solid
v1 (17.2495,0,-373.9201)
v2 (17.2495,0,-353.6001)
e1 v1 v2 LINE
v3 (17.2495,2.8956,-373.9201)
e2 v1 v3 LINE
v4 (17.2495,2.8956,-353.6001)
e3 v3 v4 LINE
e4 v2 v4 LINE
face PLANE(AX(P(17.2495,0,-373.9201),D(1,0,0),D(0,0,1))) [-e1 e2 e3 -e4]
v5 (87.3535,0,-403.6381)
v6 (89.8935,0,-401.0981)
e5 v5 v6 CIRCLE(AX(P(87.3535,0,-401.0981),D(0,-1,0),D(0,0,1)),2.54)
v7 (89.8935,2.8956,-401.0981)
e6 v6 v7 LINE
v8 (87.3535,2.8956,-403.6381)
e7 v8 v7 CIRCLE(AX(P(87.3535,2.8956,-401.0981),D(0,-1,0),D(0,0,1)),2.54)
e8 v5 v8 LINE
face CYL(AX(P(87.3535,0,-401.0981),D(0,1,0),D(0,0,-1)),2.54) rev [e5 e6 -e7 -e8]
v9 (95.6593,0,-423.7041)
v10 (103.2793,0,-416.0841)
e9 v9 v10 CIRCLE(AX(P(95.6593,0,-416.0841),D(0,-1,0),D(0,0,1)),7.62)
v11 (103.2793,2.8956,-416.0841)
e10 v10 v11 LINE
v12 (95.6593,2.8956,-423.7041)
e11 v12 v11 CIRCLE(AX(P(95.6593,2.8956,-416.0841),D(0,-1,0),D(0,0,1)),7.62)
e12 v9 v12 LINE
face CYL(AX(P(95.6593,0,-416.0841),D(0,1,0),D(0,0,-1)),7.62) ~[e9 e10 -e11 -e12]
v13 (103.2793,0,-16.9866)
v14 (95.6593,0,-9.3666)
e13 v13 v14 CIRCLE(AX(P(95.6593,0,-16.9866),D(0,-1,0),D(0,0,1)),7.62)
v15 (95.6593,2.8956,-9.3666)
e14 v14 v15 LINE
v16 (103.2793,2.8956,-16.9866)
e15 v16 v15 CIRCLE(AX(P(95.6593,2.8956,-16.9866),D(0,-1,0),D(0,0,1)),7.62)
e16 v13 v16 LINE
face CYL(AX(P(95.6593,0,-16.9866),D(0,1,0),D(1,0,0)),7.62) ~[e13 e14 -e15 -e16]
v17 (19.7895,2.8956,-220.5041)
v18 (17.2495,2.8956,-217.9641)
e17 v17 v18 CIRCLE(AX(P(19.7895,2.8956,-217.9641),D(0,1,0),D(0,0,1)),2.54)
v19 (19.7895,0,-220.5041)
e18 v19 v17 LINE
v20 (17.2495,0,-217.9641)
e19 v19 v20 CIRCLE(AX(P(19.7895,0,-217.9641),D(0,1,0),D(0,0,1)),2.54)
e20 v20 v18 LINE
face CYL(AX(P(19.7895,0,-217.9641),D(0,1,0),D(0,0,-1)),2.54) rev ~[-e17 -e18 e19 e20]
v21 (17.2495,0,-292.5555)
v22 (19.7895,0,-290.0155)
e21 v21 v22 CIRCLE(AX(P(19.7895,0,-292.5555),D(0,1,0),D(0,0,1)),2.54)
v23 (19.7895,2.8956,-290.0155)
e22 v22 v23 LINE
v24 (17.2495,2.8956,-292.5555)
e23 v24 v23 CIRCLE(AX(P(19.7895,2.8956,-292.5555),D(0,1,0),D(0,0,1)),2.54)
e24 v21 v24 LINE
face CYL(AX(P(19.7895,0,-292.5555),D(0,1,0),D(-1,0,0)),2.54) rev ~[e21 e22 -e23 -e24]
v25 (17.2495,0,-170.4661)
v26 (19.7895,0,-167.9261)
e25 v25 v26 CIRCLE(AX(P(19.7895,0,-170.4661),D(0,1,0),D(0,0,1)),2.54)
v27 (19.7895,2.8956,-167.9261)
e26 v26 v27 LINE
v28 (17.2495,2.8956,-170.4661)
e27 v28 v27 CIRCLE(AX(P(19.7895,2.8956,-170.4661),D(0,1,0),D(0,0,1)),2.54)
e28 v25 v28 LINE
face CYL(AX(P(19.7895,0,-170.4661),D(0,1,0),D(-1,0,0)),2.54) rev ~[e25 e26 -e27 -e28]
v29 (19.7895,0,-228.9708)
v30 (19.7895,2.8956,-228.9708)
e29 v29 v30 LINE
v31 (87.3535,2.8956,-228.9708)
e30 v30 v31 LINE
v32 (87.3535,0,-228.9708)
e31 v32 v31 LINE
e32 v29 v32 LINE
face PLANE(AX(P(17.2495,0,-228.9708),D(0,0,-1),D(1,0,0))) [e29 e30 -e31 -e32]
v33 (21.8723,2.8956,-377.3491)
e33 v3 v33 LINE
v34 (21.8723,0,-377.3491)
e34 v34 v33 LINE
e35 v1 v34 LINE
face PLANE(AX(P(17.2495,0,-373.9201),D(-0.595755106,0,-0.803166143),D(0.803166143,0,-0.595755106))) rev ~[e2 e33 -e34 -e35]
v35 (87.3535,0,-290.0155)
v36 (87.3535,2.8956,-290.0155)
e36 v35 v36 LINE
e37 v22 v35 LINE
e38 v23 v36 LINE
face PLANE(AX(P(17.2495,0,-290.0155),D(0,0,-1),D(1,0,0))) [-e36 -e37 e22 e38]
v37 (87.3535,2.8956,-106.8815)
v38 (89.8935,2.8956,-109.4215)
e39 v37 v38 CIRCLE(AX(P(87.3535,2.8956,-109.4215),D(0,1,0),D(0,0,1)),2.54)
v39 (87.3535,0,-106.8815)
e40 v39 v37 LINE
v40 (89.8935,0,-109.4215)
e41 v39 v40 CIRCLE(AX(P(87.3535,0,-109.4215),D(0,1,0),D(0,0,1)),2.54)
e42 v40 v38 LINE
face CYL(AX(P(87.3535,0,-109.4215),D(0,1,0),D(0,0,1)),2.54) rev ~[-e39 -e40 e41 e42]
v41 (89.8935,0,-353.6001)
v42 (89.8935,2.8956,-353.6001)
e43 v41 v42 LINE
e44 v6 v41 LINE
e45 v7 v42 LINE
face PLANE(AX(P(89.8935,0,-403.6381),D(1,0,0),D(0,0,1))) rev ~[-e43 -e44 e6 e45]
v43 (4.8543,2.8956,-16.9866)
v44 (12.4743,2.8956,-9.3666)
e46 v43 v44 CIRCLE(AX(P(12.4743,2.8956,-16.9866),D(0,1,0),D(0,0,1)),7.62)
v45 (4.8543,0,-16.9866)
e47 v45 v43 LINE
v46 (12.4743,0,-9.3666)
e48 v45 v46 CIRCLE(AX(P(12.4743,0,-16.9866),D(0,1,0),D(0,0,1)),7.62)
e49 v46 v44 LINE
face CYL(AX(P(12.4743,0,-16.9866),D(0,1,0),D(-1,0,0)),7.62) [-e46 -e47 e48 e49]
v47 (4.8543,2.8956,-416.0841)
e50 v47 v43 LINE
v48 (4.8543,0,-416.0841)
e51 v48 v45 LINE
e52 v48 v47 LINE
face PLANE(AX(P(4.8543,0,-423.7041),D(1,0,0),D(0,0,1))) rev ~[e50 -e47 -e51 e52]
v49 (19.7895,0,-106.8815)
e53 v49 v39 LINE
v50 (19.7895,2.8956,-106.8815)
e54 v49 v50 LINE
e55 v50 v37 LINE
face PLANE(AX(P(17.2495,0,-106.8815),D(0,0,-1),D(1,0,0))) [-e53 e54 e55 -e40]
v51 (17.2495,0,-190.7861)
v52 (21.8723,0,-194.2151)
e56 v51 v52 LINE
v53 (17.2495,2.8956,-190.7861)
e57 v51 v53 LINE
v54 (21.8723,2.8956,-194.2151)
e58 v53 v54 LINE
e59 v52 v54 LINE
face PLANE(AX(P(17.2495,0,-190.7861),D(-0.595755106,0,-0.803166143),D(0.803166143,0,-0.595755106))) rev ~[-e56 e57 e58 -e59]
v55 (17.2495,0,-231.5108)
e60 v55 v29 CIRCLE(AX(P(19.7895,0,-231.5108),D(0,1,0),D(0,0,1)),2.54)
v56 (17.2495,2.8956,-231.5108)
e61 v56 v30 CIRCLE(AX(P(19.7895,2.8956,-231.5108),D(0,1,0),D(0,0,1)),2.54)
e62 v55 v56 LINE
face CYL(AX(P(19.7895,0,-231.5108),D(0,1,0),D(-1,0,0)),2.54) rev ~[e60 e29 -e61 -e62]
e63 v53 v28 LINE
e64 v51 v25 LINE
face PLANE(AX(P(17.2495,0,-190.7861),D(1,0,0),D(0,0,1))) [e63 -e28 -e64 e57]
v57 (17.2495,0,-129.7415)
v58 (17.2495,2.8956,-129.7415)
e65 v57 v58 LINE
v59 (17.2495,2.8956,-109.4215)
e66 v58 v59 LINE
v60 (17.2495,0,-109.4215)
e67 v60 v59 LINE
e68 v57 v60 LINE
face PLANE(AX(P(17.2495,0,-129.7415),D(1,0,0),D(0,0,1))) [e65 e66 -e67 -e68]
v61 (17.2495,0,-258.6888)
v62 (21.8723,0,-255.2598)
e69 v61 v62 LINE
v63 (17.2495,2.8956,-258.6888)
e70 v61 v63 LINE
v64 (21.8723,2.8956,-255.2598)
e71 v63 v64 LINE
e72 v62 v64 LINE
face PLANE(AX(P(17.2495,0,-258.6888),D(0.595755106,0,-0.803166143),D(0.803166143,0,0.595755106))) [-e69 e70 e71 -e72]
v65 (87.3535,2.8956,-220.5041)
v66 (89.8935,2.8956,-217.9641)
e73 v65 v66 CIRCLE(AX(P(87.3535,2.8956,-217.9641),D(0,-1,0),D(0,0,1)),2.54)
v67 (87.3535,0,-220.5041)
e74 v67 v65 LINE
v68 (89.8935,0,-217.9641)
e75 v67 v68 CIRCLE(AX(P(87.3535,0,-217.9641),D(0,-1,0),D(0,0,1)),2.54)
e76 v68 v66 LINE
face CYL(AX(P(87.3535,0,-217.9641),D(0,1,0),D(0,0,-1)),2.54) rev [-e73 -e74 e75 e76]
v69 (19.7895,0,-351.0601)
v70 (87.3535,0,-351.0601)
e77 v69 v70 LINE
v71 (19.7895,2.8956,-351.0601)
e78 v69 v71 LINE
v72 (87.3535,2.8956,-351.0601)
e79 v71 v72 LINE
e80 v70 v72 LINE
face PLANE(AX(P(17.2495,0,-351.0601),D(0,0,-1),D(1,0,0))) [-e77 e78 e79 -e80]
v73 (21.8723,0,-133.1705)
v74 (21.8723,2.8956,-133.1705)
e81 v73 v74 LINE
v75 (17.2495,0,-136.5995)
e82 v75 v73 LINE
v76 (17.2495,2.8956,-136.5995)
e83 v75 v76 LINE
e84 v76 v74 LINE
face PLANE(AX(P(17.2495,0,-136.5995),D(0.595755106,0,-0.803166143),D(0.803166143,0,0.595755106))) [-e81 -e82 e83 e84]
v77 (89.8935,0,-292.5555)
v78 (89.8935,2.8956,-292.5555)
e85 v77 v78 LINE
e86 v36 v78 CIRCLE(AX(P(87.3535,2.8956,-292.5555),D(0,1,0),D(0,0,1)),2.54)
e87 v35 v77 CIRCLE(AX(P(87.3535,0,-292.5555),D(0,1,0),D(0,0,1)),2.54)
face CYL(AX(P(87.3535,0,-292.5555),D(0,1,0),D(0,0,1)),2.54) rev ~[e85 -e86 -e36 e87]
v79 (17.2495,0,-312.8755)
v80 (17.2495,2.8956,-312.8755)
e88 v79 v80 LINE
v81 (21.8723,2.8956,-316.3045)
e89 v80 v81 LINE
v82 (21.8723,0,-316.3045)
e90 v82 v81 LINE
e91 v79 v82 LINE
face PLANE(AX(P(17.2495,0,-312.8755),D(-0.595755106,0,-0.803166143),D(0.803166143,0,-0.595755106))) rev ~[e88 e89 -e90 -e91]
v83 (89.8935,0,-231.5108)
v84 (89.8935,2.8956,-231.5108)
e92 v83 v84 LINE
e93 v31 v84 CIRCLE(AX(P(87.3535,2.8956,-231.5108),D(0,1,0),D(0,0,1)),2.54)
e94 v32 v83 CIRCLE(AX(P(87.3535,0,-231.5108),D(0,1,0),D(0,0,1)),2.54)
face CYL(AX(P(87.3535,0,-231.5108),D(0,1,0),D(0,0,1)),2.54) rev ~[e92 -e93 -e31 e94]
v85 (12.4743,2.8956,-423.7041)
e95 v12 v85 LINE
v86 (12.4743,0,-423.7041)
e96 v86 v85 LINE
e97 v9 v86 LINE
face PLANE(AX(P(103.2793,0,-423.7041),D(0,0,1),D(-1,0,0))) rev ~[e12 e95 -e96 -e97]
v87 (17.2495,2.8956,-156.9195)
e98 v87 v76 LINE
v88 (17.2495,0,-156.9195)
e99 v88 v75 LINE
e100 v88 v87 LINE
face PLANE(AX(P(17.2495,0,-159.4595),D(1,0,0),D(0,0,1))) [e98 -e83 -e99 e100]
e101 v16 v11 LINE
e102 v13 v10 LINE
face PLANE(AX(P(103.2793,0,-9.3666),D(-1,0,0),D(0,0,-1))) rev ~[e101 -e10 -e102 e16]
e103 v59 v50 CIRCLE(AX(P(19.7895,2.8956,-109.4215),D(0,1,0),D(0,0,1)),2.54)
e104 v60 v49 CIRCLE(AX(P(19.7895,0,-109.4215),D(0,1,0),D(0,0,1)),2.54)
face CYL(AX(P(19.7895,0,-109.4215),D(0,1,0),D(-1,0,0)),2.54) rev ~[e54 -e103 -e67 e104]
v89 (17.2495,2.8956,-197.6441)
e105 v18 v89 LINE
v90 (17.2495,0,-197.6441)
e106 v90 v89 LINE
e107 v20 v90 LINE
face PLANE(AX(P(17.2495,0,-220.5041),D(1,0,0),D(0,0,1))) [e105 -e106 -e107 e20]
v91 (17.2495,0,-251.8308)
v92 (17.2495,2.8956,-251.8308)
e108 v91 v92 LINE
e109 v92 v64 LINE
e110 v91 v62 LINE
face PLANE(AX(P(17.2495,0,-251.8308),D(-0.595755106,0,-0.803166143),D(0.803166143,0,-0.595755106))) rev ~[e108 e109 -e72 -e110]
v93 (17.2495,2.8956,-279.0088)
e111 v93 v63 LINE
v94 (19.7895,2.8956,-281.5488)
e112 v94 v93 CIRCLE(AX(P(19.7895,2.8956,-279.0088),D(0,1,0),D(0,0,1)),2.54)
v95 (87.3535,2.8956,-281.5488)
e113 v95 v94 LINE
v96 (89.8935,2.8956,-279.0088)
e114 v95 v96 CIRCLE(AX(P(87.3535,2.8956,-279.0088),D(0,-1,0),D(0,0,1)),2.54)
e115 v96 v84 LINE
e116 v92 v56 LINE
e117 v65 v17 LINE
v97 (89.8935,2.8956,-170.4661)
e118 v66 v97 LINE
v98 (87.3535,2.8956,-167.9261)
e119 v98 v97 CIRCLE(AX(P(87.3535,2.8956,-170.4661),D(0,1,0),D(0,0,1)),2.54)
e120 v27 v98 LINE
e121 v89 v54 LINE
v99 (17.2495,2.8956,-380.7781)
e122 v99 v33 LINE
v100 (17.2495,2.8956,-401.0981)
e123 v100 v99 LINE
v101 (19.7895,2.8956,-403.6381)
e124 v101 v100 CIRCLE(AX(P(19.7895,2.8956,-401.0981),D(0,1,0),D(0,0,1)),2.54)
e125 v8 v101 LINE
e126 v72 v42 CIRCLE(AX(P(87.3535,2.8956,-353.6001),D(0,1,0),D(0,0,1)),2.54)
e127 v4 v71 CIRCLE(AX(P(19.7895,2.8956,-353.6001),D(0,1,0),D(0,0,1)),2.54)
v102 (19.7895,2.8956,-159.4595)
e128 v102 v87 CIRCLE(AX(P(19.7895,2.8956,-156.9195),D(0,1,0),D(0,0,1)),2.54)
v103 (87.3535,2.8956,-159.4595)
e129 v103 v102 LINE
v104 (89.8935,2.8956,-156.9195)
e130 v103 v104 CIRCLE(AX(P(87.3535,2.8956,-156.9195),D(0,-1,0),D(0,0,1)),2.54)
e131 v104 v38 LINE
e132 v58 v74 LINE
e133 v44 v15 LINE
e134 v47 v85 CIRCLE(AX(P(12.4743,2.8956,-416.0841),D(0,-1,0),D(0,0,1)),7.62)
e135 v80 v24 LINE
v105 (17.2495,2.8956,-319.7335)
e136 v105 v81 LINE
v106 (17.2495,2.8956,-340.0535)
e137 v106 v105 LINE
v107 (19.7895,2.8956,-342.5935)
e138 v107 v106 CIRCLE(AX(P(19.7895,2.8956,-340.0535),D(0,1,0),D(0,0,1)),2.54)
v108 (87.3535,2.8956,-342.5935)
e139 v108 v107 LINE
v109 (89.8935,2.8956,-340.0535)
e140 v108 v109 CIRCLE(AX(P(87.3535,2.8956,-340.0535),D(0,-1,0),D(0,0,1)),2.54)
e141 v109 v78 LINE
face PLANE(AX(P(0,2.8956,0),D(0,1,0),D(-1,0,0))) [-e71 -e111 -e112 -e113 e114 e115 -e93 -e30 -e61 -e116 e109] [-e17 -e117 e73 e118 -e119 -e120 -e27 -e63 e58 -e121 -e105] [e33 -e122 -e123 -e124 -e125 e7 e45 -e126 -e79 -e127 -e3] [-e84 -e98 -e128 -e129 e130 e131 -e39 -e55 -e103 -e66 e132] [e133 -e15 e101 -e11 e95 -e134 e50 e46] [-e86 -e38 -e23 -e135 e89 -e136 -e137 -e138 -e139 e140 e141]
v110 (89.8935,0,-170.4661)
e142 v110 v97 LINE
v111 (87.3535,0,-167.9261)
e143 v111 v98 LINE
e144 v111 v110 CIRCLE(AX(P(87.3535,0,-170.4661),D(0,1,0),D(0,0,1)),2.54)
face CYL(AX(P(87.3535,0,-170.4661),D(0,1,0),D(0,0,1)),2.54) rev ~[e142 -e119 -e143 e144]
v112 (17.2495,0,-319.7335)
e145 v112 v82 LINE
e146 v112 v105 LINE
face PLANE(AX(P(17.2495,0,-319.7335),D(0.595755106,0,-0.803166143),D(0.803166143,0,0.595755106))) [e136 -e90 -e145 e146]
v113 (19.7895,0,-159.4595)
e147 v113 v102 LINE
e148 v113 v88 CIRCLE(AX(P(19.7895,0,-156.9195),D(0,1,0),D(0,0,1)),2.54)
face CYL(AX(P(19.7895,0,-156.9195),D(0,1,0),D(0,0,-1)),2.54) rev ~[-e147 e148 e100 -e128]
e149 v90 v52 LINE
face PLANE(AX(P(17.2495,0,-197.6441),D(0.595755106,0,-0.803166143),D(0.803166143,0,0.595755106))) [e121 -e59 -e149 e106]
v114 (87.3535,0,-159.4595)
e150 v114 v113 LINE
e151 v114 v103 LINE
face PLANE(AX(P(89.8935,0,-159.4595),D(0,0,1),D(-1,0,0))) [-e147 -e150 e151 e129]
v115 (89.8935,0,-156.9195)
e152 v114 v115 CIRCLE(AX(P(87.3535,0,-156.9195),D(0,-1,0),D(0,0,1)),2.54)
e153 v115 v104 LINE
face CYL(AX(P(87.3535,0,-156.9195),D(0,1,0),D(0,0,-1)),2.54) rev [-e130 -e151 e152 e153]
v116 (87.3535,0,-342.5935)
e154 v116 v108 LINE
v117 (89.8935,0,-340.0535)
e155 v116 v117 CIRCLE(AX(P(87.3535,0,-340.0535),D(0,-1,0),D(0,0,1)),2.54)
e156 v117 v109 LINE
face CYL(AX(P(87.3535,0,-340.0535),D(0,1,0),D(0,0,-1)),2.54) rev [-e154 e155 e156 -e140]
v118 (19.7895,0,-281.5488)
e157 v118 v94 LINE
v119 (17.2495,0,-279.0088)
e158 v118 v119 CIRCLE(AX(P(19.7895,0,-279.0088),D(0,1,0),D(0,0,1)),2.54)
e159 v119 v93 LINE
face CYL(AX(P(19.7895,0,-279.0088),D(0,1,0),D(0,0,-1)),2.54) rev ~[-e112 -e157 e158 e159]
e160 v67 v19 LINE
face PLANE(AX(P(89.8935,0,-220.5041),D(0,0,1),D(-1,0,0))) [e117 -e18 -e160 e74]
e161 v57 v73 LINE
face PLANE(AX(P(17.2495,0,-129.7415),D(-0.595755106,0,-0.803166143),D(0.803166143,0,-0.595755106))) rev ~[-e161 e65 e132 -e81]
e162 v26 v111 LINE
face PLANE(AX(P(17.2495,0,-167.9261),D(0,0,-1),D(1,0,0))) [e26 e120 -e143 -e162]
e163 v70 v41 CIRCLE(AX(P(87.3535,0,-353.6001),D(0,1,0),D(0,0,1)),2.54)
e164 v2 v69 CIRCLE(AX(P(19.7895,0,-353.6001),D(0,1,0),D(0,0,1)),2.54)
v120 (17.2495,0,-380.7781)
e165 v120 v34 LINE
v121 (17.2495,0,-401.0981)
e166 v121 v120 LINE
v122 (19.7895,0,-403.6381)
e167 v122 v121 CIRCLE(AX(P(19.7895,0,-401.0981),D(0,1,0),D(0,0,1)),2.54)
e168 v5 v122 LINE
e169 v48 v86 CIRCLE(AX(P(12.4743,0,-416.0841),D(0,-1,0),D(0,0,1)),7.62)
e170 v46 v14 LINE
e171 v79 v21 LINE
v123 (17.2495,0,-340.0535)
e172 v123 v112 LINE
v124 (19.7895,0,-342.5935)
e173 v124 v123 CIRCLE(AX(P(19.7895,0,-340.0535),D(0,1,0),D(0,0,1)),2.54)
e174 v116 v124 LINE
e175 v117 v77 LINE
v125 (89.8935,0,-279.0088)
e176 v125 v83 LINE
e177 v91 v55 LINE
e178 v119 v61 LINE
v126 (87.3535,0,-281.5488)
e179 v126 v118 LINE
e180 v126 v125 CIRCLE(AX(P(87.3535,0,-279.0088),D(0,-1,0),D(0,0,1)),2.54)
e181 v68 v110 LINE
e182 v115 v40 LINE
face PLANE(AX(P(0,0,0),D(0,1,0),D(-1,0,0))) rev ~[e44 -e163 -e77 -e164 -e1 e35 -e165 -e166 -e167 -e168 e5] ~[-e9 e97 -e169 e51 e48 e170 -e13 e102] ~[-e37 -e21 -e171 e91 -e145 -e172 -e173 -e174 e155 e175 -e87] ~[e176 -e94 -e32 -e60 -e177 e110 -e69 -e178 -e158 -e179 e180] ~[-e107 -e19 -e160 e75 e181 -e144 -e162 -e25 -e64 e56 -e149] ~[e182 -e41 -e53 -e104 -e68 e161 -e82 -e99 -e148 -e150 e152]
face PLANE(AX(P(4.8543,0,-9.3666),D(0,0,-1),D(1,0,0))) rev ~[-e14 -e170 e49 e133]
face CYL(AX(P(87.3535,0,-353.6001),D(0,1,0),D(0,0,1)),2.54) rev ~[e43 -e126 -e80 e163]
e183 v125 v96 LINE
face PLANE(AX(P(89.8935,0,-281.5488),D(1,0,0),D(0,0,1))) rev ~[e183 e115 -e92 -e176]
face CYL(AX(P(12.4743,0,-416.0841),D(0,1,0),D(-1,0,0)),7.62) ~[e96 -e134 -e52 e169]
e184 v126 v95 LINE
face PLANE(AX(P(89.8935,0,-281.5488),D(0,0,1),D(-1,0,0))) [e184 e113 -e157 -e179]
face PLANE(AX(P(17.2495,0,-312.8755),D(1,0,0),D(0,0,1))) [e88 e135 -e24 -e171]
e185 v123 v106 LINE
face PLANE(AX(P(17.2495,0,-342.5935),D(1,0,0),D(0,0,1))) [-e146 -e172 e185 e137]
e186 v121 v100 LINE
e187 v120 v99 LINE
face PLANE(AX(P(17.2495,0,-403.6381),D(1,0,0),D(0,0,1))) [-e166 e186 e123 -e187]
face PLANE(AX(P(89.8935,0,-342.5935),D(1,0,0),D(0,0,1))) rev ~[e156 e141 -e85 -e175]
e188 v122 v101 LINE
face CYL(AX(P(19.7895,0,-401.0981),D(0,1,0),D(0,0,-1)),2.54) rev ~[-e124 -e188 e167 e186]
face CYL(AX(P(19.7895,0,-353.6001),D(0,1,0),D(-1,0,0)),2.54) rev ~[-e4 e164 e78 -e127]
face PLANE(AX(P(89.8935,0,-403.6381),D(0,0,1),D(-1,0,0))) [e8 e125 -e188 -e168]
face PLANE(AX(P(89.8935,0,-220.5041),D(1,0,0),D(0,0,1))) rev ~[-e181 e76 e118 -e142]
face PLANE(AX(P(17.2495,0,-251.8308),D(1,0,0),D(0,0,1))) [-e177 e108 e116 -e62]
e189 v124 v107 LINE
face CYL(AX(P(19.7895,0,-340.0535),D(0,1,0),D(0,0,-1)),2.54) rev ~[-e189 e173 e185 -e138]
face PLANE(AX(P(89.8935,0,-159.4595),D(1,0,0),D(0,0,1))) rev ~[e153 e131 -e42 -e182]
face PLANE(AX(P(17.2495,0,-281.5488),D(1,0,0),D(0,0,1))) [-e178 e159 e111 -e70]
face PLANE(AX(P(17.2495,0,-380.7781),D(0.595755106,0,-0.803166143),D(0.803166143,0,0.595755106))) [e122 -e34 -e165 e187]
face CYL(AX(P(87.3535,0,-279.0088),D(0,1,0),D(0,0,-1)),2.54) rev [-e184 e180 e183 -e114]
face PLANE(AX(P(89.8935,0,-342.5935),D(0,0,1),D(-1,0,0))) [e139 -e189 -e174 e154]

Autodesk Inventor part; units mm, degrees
ref_plane "YZ Plane" through (0, 0, 0) normal (1, 0, 0) x (0, 1, 0)
ref_plane "XZ Plane" through (0, 0, 0) normal (0, 1, 0) x (-1, 0, 0)
ref_plane "XY Plane" through (0, 0, 0) normal (0, 0, 1) x (1, 0, 0)
sketch "Sketch1" plane through (0, 0, 0) normal (0, 1, 0) x (-1, 0, 0)
  line L0 (-4.8543, -9.3666) -> (-103.2793, -9.3666)
  line L1 (-103.2793, -9.3666) -> (-103.2793, -423.7041)
  line L2 (-103.2793, -423.7041) -> (-4.8543, -423.7041)
  line L3 (-4.8543, -423.7041) -> (-4.8543, -9.3666)
  line L4 (-103.2793, -423.7041) -> (-89.8935, -423.7041) construction
  line L5 (-103.2793, -423.7041) -> (-89.8935, -423.7041) construction
  line L6 (-89.8935, -423.7041) -> (-89.8935, -403.6381) construction
  line L7 (-89.8935, -403.6381) -> (-89.8935, -351.0601)
  line L8 (-89.8935, -351.0601) -> (-89.8935, -342.5935) construction
  line L9 (-89.8935, -342.5935) -> (-89.8935, -290.0155)
  line L10 (-89.8935, -290.0155) -> (-89.8935, -281.5488) construction
  line L11 (-89.8935, -281.5488) -> (-89.8935, -228.9708)
  line L12 (-89.8935, -228.9708) -> (-89.8935, -220.5041) construction
  line L13 (-89.8935, -220.5041) -> (-89.8935, -167.9261)
  line L14 (-89.8935, -167.9261) -> (-89.8935, -159.4595) construction
  line L15 (-89.8935, -159.4595) -> (-89.8935, -106.8815)
  line L16 (-89.8935, -403.6381) -> (-17.2495, -403.6381)
  line L17 (-17.2495, -351.0601) -> (-89.8935, -351.0601)
  line L18 (-89.8935, -342.5935) -> (-17.2495, -342.5935)
  line L19 (-17.2495, -290.0155) -> (-89.8935, -290.0155)
  line L20 (-89.8935, -281.5488) -> (-17.2495, -281.5488)
  line L21 (-17.2495, -228.9708) -> (-89.8935, -228.9708)
  line L22 (-89.8935, -220.5041) -> (-17.2495, -220.5041)
  line L23 (-17.2495, -167.9261) -> (-89.8935, -167.9261)
  line L24 (-89.8935, -159.4595) -> (-17.2495, -159.4595)
  line L25 (-17.2495, -106.8815) -> (-89.8935, -106.8815)
  line L26 (-17.2495, -373.9201) -> (-21.8723, -377.3491)
  line L27 (-17.2495, -380.7781) -> (-21.8723, -377.3491)
  line L28 (-17.2495, -319.7335) -> (-21.8723, -316.3045)
  line L29 (-17.2495, -312.8755) -> (-21.8723, -316.3045)
  line L30 (-17.2495, -258.6888) -> (-21.8723, -255.2598)
  line L31 (-17.2495, -251.8308) -> (-21.8723, -255.2598)
  line L32 (-17.2495, -190.7861) -> (-21.8723, -194.2151)
  line L33 (-17.2495, -197.6441) -> (-21.8723, -194.2151)
  line L34 (-17.2495, -136.5995) -> (-21.8723, -133.1705)
  line L35 (-17.2495, -129.7415) -> (-21.8723, -133.1705)
  line L36 (-17.2495, -403.6381) -> (-17.2495, -380.7781)
  line L37 (-17.2495, -373.9201) -> (-17.2495, -351.0601)
  line L38 (-17.2495, -342.5935) -> (-17.2495, -319.7335)
  line L39 (-17.2495, -312.8755) -> (-17.2495, -290.0155)
  line L40 (-17.2495, -281.5488) -> (-17.2495, -258.6888)
  line L41 (-17.2495, -251.8308) -> (-17.2495, -228.9708)
  line L42 (-17.2495, -220.5041) -> (-17.2495, -197.6441)
  line L43 (-17.2495, -190.7861) -> (-17.2495, -167.9261)
  line L44 (-17.2495, -159.4595) -> (-17.2495, -136.5995)
  line L45 (-17.2495, -129.7415) -> (-17.2495, -106.8815)
  point P0 (0, 0)
  dimension "d0" = 98.425
  dimension "d1" = 414.3375
  dimension "d2" = 13.3858
  dimension "d4" = 20.066
  dimension "d5" = 52.578
  dimension "d6" = 8.4667
  dimension "d7" = 52.578
  dimension "d8" = 8.4667
  dimension "d9" = 52.578
  dimension "d10" = 8.4667
  dimension "d11" = 52.578
  dimension "d12" = 8.4667
  dimension "d13" = 52.578
  dimension "d16" = 72.644
extrude "Extrusion1" add sketch "Sketch1" along normal blind 2.8956
fillet "Fillet1" radius 2.54 20 edges at (17.2495, 1.4478, -106.8815) (17.2495, 1.4478, -159.4595) (17.2495, 1.4478, -167.9261) (17.2495, 1.4478, -228.9708) (17.2495, 1.4478, -290.0155) (17.2495, 1.4478, -351.0601) (17.2495, 1.4478, -403.6381) (17.2495, 1.4478, -342.5935) (17.2495, 1.4478, -281.5488) (17.2495, 1.4478, -220.5041) (89.8935, 1.4478, -403.6381) (89.8935, 1.4478, -342.5935) (89.8935, 1.4478, -281.5488) (89.8935, 1.4478, -220.5041) (89.8935, 1.4478, -159.4595) (89.8935, 1.4478, -106.8815) (89.8935, 1.4478, -167.9261) (89.8935, 1.4478, -228.9708) (89.8935, 1.4478, -290.0155) (89.8935, 1.4478, -351.0601)
fillet "Fillet2" radius 7.62 4 edges at (4.8543, 1.4478, -9.3666) (103.2793, 1.4478, -9.3666) (4.8543, 1.4478, -423.7041) (103.2793, 1.4478, -423.7041)
properties part number "clock face"
